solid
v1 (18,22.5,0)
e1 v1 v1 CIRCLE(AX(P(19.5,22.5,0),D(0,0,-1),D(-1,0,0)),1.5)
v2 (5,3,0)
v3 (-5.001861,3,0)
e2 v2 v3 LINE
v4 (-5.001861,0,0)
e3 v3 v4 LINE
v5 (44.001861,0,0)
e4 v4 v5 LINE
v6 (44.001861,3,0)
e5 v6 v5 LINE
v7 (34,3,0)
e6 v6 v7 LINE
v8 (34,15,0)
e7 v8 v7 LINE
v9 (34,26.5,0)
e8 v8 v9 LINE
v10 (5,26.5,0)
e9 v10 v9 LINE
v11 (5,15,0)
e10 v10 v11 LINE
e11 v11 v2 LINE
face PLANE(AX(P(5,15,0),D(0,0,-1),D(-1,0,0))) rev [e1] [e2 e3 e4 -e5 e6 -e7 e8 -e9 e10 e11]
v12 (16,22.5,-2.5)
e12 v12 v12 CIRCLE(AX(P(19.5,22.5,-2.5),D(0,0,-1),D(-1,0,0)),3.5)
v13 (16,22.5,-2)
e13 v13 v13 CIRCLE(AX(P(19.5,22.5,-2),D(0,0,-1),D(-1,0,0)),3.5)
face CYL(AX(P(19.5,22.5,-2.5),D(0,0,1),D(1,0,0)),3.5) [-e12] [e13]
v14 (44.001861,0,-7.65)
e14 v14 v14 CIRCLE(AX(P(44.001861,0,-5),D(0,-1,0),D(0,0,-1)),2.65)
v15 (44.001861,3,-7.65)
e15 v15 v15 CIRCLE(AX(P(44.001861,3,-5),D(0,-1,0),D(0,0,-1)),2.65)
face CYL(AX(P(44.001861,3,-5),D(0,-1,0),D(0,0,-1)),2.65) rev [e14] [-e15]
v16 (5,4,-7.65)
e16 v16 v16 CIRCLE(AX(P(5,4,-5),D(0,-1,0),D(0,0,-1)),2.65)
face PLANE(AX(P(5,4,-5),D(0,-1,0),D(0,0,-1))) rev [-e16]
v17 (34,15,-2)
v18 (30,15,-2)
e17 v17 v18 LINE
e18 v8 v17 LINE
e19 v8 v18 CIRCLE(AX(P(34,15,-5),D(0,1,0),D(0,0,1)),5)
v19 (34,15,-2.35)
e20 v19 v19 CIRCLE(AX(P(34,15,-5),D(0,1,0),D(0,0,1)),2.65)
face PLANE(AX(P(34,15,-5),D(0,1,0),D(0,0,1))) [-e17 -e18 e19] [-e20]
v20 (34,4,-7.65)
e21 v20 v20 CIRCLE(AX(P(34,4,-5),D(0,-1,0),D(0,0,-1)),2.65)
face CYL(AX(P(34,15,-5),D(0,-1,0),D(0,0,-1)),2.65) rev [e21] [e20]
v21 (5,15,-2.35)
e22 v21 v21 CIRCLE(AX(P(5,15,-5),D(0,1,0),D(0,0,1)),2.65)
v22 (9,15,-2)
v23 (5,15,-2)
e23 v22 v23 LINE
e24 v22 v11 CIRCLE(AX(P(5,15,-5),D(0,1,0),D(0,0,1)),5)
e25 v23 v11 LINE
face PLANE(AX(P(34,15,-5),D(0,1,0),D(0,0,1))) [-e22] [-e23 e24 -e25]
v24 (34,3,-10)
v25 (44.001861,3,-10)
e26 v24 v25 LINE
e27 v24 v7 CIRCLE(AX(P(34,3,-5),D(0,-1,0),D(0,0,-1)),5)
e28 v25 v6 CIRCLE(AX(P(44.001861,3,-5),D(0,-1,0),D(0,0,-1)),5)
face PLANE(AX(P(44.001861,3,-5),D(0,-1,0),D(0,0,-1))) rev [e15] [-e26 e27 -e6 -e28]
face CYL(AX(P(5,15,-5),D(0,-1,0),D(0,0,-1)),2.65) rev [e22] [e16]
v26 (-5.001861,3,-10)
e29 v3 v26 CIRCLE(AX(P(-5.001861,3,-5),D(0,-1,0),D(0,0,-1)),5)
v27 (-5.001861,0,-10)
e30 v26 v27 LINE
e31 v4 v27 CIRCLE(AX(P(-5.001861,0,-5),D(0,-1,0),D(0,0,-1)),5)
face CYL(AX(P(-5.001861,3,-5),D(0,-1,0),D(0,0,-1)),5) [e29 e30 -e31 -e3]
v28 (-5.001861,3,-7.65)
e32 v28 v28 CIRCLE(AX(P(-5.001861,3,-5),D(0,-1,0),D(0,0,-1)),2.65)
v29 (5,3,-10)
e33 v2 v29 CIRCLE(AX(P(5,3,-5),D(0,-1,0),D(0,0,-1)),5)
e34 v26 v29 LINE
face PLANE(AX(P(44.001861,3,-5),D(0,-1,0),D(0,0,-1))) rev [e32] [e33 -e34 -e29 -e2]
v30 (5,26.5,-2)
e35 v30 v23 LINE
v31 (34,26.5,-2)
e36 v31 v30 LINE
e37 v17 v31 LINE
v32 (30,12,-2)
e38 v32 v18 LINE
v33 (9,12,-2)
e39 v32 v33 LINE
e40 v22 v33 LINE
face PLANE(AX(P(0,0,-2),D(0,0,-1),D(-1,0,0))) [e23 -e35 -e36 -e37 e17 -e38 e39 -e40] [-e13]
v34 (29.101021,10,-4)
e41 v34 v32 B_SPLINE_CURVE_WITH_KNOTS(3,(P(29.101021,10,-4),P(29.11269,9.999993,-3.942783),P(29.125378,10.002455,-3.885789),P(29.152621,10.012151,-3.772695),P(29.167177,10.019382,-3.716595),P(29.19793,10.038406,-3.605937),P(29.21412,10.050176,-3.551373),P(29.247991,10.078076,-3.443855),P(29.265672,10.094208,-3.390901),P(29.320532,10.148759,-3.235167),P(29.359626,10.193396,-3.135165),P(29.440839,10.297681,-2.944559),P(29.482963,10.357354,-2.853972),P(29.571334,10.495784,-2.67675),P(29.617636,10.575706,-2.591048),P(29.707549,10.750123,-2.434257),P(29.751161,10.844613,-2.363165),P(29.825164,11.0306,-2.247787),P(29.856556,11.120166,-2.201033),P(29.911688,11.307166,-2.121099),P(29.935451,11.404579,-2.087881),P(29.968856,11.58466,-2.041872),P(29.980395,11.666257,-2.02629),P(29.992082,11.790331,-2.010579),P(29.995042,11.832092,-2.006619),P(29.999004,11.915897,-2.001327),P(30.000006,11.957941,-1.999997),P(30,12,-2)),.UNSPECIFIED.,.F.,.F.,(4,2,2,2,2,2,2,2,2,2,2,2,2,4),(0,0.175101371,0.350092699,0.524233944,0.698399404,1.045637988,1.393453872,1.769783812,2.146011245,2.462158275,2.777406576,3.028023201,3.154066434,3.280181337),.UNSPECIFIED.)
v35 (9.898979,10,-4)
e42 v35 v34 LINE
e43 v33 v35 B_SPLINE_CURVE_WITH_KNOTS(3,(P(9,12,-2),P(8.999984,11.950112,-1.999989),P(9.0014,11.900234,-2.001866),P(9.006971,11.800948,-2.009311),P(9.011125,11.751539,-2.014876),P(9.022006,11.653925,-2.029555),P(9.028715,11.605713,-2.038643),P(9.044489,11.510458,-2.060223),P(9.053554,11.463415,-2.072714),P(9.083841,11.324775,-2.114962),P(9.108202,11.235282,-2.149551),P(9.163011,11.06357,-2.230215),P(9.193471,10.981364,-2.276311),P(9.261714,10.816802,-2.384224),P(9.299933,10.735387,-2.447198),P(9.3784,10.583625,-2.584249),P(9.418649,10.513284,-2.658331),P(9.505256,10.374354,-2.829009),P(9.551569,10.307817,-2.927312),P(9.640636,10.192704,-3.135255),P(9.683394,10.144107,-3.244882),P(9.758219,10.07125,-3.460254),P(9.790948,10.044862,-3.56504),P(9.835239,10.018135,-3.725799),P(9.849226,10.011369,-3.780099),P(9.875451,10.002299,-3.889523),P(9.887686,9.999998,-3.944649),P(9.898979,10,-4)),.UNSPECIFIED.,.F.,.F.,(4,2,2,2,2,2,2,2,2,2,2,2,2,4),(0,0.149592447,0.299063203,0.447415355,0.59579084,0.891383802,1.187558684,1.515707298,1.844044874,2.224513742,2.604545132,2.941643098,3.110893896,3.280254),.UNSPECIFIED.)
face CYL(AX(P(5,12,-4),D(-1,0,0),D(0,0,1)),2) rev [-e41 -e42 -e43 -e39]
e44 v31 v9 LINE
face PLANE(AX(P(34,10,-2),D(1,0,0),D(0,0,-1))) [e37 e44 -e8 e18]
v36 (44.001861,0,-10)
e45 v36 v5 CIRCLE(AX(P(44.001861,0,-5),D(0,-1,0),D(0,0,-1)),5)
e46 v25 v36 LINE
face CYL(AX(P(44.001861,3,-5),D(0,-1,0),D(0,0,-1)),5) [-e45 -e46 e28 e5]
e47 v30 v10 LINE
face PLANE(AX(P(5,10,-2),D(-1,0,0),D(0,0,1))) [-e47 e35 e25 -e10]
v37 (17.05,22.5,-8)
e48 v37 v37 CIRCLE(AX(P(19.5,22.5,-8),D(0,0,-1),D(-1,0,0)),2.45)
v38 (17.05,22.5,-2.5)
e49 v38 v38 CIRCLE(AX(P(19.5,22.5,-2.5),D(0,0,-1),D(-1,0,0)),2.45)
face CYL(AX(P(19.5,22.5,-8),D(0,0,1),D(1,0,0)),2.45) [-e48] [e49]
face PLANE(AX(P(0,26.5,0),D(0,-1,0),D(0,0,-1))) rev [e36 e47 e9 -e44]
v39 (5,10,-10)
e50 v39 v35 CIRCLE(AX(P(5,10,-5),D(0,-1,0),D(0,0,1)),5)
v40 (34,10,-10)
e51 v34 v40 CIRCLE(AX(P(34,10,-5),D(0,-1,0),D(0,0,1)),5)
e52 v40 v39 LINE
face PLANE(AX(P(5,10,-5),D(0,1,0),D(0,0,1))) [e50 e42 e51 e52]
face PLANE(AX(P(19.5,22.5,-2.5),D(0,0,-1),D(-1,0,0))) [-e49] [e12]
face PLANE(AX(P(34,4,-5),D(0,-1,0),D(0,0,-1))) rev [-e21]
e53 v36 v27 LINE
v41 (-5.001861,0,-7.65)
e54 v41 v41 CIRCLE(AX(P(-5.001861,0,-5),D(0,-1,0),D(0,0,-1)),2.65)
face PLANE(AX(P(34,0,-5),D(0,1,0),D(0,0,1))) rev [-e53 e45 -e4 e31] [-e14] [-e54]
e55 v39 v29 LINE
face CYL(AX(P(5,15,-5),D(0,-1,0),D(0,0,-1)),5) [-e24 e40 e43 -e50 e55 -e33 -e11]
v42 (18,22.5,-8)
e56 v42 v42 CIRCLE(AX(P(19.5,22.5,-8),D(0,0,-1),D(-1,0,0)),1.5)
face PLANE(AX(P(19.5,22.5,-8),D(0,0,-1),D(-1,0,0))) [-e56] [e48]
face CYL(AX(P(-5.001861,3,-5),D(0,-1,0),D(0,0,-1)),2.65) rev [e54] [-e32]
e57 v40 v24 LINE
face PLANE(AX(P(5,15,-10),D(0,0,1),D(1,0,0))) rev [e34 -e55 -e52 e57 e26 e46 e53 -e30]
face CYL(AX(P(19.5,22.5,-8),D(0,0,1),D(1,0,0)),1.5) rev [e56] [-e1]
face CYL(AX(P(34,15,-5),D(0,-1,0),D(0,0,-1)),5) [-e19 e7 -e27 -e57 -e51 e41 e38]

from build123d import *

# Parameters (mm, degrees)
ESQUISSE1_R             = 2.65
BOSS_EXTRU_1_DEPTH      = 15
ESQUISSE2_R             = 3.488871883
ESQUISSE2_R_2           = 3.573781448
BOSS_EXTRU_2_DEPTH      = 4
ENL_V_MAT_EXTRU_1_DEPTH = 5
ESQUISSE8_R             = 2.65
BOSS_EXTRU_3_DEPTH      = 3
ESQUISSE10_W            = 20
ESQUISSE10_H            = 1
BOSS_EXTRU_4_DEPTH      = 12.5
ESQUISSE11_R            = 2.45
ESQUISSE11_R_2          = 1.5
BOSS_EXTRU_5_DEPTH      = 7
ESQUISSE12_W            = 20
ESQUISSE12_H            = 1
BOSS_EXTRU_6_DEPTH      = 4
ESQUISSE13_R            = 3.5
BOSS_EXTRU_7_DEPTH      = 1.5
ESQUISSE14_R            = 1.5
ENL_V_MAT_EXTRU_2_DEPTH = 9
ESQUISSE15_W            = 29
ESQUISSE15_H            = 16.5
ESQUISSE15_R            = 1.5
BOSS_EXTRU_8_DEPTH      = 2
CONG_1_R                = 2


with BuildPart() as part:
    # Esquisse1 → Boss.-Extru.1 (new body)
    with BuildSketch(Plane(origin=(0, 0, 0), x_dir=(1, 0, 0), z_dir=(0, 1, 0))):
        with BuildLine():
            Line((5, 0), (34, 0))
            ThreePointArc((34, 0), (39, 5), (34, 10))
            Line((34, 10), (5, 10))
            ThreePointArc((5, 10), (0, 5), (5, 0))
        make_face()
        with Locations((5, 5)):
            Circle(ESQUISSE1_R, mode=Mode.SUBTRACT)
        with Locations((34, 5)):
            Circle(ESQUISSE1_R, mode=Mode.SUBTRACT)
    extrude(amount=BOSS_EXTRU_1_DEPTH)

    # Esquisse2 → Boss.-Extru.2 (add)
    with BuildSketch(Plane.XZ):
        with Locations((5, -5)):
            Circle(ESQUISSE2_R)
        with Locations((34, -5)):
            Circle(ESQUISSE2_R_2)
    extrude(amount=-BOSS_EXTRU_2_DEPTH)

    # Esquisse3 → Enlèv. mat.-Extru.1 (cut)
    with BuildSketch(Plane(origin=(0, 15, 0), x_dir=(1, 0, 0), z_dir=(0, 1, 0))):
        with BuildLine():
            Line((5, 10), (34, 10))
            ThreePointArc((34, 10), (29, 5), (34, 0))
            Line((34, 0), (5, 0))
            ThreePointArc((5, 0), (10, 5), (5, 10))
        make_face()
    extrude(amount=-ENL_V_MAT_EXTRU_1_DEPTH, mode=Mode.SUBTRACT)

    # Esquisse8 → Boss.-Extru.3 (add)
    with BuildSketch(Plane.XZ):
        with BuildLine():
            Line((44.001861421, -10), (-5.001861421, -10))
            ThreePointArc((-5.001861421, -10), (-10.001861421, -5), (-5.001861421, 0))
            Line((-5.001861421, 0), (44.001861421, 0))
            ThreePointArc((44.001861421, 0), (49.001861421, -5), (44.001861421, -10))
        make_face()
        with Locations((-5.001861421, -5)):
            Circle(ESQUISSE8_R, mode=Mode.SUBTRACT)
        with Locations((44.001861421, -5)):
            Circle(ESQUISSE8_R, mode=Mode.SUBTRACT)
    extrude(amount=-BOSS_EXTRU_3_DEPTH)

    # Esquisse10 → Boss.-Extru.4 (add)
    with BuildSketch(Plane(origin=(0, 10, 0), x_dir=(1, 0, 0), z_dir=(0, 1, 0))):
        with Locations((19.5, 0.5)):
            Rectangle(ESQUISSE10_W, ESQUISSE10_H)
    extrude(amount=BOSS_EXTRU_4_DEPTH)

    # Esquisse11 → Boss.-Extru.5 (add)
    with BuildSketch(Plane(origin=(0, 0, -1), x_dir=(-1, 0, 0), z_dir=(0, 0, -1))):
        with Locations((-19.5, 22.5)):
            Circle(ESQUISSE11_R)
        with Locations((-19.5, 22.5)):
            Circle(ESQUISSE11_R_2, mode=Mode.SUBTRACT)
    extrude(amount=BOSS_EXTRU_5_DEPTH)

    # Esquisse12 → Boss.-Extru.6 (add)
    with BuildSketch(Plane(origin=(0, 22.5, 0), x_dir=(1, 0, 0), z_dir=(0, 1, 0))):
        with Locations((19.5, 0.5)):
            Rectangle(ESQUISSE12_W, ESQUISSE12_H)
    extrude(amount=BOSS_EXTRU_6_DEPTH)

    # Esquisse13 → Boss.-Extru.7 (add)
    with BuildSketch(Plane(origin=(0, 0, -1), x_dir=(-1, 0, 0), z_dir=(0, 0, -1))):
        with Locations((-19.5, 22.5)):
            Circle(ESQUISSE13_R)
    extrude(amount=BOSS_EXTRU_7_DEPTH)

    # Esquisse14 → Enlèv. mat.-Extru.2 (cut, through all)
    with BuildSketch(Plane(origin=(0, 0, -8), x_dir=(-1, 0, 0), z_dir=(0, 0, -1))):
        with Locations((-19.5, 22.5)):
            Circle(ESQUISSE14_R)
    extrude(amount=-ENL_V_MAT_EXTRU_2_DEPTH, mode=Mode.SUBTRACT)

    # Esquisse15 → Boss.-Extru.8 (add)
    with BuildSketch(Plane.XY):
        with Locations((19.5, 18.25)):
            Rectangle(ESQUISSE15_W, ESQUISSE15_H)
        with Locations((19.5, 22.5)):
            Circle(ESQUISSE15_R, mode=Mode.SUBTRACT)
    extrude(amount=-BOSS_EXTRU_8_DEPTH)

    # Congé1
    cong_1_edges = [part.edges().sort_by_distance(p)[0] for p in [
        (19.5, 10, -2),
    ]]
    fillet(cong_1_edges, radius=CONG_1_R)


solid = part.part
